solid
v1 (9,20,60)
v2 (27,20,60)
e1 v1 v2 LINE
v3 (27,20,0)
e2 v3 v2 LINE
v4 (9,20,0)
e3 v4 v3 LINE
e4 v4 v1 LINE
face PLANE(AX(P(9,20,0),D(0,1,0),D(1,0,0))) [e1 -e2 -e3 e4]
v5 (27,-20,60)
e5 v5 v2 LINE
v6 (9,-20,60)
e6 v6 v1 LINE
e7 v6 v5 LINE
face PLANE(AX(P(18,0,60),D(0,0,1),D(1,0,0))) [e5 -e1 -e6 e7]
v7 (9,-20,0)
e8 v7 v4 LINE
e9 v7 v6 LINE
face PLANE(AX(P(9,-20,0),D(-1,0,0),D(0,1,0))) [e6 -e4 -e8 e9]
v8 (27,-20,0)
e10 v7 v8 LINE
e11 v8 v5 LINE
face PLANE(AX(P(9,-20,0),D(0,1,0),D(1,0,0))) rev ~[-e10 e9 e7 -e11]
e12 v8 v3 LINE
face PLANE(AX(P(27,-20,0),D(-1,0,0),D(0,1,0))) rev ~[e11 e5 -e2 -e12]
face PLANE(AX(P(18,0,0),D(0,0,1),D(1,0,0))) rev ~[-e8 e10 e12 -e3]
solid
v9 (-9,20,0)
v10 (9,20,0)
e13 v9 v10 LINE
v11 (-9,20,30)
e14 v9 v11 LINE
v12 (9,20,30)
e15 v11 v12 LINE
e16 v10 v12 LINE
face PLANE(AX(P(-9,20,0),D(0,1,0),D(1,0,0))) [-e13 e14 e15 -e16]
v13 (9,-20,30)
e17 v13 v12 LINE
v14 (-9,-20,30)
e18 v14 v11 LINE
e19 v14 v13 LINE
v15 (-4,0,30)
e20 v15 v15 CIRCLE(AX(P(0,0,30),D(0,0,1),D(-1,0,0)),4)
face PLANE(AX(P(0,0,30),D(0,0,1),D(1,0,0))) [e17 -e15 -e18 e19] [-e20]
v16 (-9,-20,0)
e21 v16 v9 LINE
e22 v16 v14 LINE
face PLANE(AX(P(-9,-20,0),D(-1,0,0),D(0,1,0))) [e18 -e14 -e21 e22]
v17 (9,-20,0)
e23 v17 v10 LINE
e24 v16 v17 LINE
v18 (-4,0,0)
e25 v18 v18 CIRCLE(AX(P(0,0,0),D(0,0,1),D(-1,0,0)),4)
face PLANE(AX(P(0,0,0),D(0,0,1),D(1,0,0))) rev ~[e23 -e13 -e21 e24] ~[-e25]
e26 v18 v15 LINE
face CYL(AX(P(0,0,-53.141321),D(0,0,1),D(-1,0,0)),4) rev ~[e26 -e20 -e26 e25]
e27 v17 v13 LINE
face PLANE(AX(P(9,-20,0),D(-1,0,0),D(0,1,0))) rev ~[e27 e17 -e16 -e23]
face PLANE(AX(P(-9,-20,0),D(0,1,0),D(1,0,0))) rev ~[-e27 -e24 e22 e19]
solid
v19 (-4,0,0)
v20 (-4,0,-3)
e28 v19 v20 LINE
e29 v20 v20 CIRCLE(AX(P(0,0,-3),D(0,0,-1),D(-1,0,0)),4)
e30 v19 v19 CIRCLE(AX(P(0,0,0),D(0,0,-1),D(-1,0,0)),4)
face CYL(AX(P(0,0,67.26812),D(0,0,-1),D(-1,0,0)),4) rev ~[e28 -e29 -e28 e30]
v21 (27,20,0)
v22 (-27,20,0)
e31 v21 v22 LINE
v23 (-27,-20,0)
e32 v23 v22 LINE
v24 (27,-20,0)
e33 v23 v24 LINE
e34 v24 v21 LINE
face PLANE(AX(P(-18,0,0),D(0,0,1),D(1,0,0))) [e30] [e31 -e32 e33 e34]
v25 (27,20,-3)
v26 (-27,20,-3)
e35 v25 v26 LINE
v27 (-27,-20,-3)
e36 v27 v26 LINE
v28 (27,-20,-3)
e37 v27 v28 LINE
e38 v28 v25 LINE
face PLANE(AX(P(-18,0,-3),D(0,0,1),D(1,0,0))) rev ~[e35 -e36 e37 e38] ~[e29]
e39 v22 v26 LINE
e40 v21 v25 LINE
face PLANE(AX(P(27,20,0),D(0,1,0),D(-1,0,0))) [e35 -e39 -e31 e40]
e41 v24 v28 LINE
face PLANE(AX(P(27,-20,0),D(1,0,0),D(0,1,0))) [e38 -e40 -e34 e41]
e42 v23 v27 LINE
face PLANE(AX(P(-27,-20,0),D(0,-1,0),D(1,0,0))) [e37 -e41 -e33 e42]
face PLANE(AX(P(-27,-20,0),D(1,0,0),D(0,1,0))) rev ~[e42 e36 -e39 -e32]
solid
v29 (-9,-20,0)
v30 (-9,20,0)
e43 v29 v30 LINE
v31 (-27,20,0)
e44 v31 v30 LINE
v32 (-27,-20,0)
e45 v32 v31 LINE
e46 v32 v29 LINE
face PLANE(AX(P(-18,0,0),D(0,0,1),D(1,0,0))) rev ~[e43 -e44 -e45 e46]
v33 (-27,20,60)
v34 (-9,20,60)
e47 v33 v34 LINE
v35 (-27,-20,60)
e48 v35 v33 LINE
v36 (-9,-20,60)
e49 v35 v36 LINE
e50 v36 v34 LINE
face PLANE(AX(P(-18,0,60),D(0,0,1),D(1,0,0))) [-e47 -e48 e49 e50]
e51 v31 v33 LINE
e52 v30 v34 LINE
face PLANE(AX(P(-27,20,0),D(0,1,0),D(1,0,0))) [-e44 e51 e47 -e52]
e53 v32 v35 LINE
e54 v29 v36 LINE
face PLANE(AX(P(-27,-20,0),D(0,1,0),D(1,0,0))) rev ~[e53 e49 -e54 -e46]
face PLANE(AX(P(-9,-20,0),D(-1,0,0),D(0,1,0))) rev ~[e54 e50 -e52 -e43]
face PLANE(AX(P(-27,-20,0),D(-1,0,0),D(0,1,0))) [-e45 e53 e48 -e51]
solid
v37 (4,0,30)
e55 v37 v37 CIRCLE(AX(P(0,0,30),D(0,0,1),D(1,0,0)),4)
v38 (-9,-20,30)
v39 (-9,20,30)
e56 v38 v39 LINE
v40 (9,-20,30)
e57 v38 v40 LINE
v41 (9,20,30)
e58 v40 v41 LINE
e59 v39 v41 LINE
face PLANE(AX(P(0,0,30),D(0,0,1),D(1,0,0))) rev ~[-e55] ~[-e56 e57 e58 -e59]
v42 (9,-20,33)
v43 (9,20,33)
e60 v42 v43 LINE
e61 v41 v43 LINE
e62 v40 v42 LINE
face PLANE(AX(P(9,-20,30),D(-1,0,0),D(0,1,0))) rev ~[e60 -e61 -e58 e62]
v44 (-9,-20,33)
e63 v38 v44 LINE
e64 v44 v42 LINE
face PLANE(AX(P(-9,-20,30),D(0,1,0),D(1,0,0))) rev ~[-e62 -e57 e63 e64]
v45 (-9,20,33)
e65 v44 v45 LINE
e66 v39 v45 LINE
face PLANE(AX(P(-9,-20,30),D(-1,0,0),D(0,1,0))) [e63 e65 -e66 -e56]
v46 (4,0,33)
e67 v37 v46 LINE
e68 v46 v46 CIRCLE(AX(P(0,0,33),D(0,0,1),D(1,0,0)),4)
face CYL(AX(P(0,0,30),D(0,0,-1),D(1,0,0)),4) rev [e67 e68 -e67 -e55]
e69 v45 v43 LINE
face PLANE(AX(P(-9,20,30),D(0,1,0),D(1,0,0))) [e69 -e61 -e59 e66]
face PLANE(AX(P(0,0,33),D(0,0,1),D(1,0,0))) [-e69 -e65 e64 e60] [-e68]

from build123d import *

# Parameters (mm, degrees)
F0_W     = 18
F0_H     = 40
F1_DEPTH = 60
F2_DEPTH = 30
F3_D     = 8
F4_DEPTH = 3
F5_D     = 8
F6_W     = 18
F6_H     = 40
F6_R     = 4
F7_DEPTH = 3


with BuildPart() as f1:
    # F0 (on Top) → F1 (new body)
    with BuildSketch(Plane.XY):
        with Locations((-18, 0)):
            Rectangle(F0_W, F0_H)
    extrude(amount=F1_DEPTH)


with BuildPart() as f1b:
    # F0 (on Top) → F1, piece 2 (new body)
    with BuildSketch(Plane.XY):
        with Locations((18, 0)):
            Rectangle(F0_W, F0_H)
    extrude(amount=F1_DEPTH)


with BuildPart() as f2:
    # F0 (on Top) → F2 (new body)
    with BuildSketch(Plane.XY):
        Rectangle(F0_W, F0_H)
    extrude(amount=F2_DEPTH)

    # F3 (through all)
    with Locations(Plane(origin=(0, 0, 0), x_dir=(1, 0, 0), z_dir=(0, 0, -1))):
        with Locations((0, 0)):
            Hole(F3_D / 2)


with BuildPart() as f4:
    # F0 (on Top) → F4 (new body)
    with BuildSketch(Plane.XY):
        with Locations((-18, 0)):
            Rectangle(F0_W, F0_H)
        Rectangle(F0_W, F0_H)
        with Locations((18, 0)):
            Rectangle(F0_W, F0_H)
    extrude(amount=-F4_DEPTH)

    # F5 (through all)
    with Locations(Plane.XY):
        with Locations((0, 0)):
            Hole(F5_D / 2)


with BuildPart() as f7:
    # F6 (on face) → F7 (new body)
    with BuildSketch(Plane.XY.offset(30)):
        Rectangle(F6_W, F6_H)
        Circle(F6_R, mode=Mode.SUBTRACT)
    extrude(amount=F7_DEPTH)


solid = Compound([f1.part, f1b.part, f2.part, f4.part, f7.part])
